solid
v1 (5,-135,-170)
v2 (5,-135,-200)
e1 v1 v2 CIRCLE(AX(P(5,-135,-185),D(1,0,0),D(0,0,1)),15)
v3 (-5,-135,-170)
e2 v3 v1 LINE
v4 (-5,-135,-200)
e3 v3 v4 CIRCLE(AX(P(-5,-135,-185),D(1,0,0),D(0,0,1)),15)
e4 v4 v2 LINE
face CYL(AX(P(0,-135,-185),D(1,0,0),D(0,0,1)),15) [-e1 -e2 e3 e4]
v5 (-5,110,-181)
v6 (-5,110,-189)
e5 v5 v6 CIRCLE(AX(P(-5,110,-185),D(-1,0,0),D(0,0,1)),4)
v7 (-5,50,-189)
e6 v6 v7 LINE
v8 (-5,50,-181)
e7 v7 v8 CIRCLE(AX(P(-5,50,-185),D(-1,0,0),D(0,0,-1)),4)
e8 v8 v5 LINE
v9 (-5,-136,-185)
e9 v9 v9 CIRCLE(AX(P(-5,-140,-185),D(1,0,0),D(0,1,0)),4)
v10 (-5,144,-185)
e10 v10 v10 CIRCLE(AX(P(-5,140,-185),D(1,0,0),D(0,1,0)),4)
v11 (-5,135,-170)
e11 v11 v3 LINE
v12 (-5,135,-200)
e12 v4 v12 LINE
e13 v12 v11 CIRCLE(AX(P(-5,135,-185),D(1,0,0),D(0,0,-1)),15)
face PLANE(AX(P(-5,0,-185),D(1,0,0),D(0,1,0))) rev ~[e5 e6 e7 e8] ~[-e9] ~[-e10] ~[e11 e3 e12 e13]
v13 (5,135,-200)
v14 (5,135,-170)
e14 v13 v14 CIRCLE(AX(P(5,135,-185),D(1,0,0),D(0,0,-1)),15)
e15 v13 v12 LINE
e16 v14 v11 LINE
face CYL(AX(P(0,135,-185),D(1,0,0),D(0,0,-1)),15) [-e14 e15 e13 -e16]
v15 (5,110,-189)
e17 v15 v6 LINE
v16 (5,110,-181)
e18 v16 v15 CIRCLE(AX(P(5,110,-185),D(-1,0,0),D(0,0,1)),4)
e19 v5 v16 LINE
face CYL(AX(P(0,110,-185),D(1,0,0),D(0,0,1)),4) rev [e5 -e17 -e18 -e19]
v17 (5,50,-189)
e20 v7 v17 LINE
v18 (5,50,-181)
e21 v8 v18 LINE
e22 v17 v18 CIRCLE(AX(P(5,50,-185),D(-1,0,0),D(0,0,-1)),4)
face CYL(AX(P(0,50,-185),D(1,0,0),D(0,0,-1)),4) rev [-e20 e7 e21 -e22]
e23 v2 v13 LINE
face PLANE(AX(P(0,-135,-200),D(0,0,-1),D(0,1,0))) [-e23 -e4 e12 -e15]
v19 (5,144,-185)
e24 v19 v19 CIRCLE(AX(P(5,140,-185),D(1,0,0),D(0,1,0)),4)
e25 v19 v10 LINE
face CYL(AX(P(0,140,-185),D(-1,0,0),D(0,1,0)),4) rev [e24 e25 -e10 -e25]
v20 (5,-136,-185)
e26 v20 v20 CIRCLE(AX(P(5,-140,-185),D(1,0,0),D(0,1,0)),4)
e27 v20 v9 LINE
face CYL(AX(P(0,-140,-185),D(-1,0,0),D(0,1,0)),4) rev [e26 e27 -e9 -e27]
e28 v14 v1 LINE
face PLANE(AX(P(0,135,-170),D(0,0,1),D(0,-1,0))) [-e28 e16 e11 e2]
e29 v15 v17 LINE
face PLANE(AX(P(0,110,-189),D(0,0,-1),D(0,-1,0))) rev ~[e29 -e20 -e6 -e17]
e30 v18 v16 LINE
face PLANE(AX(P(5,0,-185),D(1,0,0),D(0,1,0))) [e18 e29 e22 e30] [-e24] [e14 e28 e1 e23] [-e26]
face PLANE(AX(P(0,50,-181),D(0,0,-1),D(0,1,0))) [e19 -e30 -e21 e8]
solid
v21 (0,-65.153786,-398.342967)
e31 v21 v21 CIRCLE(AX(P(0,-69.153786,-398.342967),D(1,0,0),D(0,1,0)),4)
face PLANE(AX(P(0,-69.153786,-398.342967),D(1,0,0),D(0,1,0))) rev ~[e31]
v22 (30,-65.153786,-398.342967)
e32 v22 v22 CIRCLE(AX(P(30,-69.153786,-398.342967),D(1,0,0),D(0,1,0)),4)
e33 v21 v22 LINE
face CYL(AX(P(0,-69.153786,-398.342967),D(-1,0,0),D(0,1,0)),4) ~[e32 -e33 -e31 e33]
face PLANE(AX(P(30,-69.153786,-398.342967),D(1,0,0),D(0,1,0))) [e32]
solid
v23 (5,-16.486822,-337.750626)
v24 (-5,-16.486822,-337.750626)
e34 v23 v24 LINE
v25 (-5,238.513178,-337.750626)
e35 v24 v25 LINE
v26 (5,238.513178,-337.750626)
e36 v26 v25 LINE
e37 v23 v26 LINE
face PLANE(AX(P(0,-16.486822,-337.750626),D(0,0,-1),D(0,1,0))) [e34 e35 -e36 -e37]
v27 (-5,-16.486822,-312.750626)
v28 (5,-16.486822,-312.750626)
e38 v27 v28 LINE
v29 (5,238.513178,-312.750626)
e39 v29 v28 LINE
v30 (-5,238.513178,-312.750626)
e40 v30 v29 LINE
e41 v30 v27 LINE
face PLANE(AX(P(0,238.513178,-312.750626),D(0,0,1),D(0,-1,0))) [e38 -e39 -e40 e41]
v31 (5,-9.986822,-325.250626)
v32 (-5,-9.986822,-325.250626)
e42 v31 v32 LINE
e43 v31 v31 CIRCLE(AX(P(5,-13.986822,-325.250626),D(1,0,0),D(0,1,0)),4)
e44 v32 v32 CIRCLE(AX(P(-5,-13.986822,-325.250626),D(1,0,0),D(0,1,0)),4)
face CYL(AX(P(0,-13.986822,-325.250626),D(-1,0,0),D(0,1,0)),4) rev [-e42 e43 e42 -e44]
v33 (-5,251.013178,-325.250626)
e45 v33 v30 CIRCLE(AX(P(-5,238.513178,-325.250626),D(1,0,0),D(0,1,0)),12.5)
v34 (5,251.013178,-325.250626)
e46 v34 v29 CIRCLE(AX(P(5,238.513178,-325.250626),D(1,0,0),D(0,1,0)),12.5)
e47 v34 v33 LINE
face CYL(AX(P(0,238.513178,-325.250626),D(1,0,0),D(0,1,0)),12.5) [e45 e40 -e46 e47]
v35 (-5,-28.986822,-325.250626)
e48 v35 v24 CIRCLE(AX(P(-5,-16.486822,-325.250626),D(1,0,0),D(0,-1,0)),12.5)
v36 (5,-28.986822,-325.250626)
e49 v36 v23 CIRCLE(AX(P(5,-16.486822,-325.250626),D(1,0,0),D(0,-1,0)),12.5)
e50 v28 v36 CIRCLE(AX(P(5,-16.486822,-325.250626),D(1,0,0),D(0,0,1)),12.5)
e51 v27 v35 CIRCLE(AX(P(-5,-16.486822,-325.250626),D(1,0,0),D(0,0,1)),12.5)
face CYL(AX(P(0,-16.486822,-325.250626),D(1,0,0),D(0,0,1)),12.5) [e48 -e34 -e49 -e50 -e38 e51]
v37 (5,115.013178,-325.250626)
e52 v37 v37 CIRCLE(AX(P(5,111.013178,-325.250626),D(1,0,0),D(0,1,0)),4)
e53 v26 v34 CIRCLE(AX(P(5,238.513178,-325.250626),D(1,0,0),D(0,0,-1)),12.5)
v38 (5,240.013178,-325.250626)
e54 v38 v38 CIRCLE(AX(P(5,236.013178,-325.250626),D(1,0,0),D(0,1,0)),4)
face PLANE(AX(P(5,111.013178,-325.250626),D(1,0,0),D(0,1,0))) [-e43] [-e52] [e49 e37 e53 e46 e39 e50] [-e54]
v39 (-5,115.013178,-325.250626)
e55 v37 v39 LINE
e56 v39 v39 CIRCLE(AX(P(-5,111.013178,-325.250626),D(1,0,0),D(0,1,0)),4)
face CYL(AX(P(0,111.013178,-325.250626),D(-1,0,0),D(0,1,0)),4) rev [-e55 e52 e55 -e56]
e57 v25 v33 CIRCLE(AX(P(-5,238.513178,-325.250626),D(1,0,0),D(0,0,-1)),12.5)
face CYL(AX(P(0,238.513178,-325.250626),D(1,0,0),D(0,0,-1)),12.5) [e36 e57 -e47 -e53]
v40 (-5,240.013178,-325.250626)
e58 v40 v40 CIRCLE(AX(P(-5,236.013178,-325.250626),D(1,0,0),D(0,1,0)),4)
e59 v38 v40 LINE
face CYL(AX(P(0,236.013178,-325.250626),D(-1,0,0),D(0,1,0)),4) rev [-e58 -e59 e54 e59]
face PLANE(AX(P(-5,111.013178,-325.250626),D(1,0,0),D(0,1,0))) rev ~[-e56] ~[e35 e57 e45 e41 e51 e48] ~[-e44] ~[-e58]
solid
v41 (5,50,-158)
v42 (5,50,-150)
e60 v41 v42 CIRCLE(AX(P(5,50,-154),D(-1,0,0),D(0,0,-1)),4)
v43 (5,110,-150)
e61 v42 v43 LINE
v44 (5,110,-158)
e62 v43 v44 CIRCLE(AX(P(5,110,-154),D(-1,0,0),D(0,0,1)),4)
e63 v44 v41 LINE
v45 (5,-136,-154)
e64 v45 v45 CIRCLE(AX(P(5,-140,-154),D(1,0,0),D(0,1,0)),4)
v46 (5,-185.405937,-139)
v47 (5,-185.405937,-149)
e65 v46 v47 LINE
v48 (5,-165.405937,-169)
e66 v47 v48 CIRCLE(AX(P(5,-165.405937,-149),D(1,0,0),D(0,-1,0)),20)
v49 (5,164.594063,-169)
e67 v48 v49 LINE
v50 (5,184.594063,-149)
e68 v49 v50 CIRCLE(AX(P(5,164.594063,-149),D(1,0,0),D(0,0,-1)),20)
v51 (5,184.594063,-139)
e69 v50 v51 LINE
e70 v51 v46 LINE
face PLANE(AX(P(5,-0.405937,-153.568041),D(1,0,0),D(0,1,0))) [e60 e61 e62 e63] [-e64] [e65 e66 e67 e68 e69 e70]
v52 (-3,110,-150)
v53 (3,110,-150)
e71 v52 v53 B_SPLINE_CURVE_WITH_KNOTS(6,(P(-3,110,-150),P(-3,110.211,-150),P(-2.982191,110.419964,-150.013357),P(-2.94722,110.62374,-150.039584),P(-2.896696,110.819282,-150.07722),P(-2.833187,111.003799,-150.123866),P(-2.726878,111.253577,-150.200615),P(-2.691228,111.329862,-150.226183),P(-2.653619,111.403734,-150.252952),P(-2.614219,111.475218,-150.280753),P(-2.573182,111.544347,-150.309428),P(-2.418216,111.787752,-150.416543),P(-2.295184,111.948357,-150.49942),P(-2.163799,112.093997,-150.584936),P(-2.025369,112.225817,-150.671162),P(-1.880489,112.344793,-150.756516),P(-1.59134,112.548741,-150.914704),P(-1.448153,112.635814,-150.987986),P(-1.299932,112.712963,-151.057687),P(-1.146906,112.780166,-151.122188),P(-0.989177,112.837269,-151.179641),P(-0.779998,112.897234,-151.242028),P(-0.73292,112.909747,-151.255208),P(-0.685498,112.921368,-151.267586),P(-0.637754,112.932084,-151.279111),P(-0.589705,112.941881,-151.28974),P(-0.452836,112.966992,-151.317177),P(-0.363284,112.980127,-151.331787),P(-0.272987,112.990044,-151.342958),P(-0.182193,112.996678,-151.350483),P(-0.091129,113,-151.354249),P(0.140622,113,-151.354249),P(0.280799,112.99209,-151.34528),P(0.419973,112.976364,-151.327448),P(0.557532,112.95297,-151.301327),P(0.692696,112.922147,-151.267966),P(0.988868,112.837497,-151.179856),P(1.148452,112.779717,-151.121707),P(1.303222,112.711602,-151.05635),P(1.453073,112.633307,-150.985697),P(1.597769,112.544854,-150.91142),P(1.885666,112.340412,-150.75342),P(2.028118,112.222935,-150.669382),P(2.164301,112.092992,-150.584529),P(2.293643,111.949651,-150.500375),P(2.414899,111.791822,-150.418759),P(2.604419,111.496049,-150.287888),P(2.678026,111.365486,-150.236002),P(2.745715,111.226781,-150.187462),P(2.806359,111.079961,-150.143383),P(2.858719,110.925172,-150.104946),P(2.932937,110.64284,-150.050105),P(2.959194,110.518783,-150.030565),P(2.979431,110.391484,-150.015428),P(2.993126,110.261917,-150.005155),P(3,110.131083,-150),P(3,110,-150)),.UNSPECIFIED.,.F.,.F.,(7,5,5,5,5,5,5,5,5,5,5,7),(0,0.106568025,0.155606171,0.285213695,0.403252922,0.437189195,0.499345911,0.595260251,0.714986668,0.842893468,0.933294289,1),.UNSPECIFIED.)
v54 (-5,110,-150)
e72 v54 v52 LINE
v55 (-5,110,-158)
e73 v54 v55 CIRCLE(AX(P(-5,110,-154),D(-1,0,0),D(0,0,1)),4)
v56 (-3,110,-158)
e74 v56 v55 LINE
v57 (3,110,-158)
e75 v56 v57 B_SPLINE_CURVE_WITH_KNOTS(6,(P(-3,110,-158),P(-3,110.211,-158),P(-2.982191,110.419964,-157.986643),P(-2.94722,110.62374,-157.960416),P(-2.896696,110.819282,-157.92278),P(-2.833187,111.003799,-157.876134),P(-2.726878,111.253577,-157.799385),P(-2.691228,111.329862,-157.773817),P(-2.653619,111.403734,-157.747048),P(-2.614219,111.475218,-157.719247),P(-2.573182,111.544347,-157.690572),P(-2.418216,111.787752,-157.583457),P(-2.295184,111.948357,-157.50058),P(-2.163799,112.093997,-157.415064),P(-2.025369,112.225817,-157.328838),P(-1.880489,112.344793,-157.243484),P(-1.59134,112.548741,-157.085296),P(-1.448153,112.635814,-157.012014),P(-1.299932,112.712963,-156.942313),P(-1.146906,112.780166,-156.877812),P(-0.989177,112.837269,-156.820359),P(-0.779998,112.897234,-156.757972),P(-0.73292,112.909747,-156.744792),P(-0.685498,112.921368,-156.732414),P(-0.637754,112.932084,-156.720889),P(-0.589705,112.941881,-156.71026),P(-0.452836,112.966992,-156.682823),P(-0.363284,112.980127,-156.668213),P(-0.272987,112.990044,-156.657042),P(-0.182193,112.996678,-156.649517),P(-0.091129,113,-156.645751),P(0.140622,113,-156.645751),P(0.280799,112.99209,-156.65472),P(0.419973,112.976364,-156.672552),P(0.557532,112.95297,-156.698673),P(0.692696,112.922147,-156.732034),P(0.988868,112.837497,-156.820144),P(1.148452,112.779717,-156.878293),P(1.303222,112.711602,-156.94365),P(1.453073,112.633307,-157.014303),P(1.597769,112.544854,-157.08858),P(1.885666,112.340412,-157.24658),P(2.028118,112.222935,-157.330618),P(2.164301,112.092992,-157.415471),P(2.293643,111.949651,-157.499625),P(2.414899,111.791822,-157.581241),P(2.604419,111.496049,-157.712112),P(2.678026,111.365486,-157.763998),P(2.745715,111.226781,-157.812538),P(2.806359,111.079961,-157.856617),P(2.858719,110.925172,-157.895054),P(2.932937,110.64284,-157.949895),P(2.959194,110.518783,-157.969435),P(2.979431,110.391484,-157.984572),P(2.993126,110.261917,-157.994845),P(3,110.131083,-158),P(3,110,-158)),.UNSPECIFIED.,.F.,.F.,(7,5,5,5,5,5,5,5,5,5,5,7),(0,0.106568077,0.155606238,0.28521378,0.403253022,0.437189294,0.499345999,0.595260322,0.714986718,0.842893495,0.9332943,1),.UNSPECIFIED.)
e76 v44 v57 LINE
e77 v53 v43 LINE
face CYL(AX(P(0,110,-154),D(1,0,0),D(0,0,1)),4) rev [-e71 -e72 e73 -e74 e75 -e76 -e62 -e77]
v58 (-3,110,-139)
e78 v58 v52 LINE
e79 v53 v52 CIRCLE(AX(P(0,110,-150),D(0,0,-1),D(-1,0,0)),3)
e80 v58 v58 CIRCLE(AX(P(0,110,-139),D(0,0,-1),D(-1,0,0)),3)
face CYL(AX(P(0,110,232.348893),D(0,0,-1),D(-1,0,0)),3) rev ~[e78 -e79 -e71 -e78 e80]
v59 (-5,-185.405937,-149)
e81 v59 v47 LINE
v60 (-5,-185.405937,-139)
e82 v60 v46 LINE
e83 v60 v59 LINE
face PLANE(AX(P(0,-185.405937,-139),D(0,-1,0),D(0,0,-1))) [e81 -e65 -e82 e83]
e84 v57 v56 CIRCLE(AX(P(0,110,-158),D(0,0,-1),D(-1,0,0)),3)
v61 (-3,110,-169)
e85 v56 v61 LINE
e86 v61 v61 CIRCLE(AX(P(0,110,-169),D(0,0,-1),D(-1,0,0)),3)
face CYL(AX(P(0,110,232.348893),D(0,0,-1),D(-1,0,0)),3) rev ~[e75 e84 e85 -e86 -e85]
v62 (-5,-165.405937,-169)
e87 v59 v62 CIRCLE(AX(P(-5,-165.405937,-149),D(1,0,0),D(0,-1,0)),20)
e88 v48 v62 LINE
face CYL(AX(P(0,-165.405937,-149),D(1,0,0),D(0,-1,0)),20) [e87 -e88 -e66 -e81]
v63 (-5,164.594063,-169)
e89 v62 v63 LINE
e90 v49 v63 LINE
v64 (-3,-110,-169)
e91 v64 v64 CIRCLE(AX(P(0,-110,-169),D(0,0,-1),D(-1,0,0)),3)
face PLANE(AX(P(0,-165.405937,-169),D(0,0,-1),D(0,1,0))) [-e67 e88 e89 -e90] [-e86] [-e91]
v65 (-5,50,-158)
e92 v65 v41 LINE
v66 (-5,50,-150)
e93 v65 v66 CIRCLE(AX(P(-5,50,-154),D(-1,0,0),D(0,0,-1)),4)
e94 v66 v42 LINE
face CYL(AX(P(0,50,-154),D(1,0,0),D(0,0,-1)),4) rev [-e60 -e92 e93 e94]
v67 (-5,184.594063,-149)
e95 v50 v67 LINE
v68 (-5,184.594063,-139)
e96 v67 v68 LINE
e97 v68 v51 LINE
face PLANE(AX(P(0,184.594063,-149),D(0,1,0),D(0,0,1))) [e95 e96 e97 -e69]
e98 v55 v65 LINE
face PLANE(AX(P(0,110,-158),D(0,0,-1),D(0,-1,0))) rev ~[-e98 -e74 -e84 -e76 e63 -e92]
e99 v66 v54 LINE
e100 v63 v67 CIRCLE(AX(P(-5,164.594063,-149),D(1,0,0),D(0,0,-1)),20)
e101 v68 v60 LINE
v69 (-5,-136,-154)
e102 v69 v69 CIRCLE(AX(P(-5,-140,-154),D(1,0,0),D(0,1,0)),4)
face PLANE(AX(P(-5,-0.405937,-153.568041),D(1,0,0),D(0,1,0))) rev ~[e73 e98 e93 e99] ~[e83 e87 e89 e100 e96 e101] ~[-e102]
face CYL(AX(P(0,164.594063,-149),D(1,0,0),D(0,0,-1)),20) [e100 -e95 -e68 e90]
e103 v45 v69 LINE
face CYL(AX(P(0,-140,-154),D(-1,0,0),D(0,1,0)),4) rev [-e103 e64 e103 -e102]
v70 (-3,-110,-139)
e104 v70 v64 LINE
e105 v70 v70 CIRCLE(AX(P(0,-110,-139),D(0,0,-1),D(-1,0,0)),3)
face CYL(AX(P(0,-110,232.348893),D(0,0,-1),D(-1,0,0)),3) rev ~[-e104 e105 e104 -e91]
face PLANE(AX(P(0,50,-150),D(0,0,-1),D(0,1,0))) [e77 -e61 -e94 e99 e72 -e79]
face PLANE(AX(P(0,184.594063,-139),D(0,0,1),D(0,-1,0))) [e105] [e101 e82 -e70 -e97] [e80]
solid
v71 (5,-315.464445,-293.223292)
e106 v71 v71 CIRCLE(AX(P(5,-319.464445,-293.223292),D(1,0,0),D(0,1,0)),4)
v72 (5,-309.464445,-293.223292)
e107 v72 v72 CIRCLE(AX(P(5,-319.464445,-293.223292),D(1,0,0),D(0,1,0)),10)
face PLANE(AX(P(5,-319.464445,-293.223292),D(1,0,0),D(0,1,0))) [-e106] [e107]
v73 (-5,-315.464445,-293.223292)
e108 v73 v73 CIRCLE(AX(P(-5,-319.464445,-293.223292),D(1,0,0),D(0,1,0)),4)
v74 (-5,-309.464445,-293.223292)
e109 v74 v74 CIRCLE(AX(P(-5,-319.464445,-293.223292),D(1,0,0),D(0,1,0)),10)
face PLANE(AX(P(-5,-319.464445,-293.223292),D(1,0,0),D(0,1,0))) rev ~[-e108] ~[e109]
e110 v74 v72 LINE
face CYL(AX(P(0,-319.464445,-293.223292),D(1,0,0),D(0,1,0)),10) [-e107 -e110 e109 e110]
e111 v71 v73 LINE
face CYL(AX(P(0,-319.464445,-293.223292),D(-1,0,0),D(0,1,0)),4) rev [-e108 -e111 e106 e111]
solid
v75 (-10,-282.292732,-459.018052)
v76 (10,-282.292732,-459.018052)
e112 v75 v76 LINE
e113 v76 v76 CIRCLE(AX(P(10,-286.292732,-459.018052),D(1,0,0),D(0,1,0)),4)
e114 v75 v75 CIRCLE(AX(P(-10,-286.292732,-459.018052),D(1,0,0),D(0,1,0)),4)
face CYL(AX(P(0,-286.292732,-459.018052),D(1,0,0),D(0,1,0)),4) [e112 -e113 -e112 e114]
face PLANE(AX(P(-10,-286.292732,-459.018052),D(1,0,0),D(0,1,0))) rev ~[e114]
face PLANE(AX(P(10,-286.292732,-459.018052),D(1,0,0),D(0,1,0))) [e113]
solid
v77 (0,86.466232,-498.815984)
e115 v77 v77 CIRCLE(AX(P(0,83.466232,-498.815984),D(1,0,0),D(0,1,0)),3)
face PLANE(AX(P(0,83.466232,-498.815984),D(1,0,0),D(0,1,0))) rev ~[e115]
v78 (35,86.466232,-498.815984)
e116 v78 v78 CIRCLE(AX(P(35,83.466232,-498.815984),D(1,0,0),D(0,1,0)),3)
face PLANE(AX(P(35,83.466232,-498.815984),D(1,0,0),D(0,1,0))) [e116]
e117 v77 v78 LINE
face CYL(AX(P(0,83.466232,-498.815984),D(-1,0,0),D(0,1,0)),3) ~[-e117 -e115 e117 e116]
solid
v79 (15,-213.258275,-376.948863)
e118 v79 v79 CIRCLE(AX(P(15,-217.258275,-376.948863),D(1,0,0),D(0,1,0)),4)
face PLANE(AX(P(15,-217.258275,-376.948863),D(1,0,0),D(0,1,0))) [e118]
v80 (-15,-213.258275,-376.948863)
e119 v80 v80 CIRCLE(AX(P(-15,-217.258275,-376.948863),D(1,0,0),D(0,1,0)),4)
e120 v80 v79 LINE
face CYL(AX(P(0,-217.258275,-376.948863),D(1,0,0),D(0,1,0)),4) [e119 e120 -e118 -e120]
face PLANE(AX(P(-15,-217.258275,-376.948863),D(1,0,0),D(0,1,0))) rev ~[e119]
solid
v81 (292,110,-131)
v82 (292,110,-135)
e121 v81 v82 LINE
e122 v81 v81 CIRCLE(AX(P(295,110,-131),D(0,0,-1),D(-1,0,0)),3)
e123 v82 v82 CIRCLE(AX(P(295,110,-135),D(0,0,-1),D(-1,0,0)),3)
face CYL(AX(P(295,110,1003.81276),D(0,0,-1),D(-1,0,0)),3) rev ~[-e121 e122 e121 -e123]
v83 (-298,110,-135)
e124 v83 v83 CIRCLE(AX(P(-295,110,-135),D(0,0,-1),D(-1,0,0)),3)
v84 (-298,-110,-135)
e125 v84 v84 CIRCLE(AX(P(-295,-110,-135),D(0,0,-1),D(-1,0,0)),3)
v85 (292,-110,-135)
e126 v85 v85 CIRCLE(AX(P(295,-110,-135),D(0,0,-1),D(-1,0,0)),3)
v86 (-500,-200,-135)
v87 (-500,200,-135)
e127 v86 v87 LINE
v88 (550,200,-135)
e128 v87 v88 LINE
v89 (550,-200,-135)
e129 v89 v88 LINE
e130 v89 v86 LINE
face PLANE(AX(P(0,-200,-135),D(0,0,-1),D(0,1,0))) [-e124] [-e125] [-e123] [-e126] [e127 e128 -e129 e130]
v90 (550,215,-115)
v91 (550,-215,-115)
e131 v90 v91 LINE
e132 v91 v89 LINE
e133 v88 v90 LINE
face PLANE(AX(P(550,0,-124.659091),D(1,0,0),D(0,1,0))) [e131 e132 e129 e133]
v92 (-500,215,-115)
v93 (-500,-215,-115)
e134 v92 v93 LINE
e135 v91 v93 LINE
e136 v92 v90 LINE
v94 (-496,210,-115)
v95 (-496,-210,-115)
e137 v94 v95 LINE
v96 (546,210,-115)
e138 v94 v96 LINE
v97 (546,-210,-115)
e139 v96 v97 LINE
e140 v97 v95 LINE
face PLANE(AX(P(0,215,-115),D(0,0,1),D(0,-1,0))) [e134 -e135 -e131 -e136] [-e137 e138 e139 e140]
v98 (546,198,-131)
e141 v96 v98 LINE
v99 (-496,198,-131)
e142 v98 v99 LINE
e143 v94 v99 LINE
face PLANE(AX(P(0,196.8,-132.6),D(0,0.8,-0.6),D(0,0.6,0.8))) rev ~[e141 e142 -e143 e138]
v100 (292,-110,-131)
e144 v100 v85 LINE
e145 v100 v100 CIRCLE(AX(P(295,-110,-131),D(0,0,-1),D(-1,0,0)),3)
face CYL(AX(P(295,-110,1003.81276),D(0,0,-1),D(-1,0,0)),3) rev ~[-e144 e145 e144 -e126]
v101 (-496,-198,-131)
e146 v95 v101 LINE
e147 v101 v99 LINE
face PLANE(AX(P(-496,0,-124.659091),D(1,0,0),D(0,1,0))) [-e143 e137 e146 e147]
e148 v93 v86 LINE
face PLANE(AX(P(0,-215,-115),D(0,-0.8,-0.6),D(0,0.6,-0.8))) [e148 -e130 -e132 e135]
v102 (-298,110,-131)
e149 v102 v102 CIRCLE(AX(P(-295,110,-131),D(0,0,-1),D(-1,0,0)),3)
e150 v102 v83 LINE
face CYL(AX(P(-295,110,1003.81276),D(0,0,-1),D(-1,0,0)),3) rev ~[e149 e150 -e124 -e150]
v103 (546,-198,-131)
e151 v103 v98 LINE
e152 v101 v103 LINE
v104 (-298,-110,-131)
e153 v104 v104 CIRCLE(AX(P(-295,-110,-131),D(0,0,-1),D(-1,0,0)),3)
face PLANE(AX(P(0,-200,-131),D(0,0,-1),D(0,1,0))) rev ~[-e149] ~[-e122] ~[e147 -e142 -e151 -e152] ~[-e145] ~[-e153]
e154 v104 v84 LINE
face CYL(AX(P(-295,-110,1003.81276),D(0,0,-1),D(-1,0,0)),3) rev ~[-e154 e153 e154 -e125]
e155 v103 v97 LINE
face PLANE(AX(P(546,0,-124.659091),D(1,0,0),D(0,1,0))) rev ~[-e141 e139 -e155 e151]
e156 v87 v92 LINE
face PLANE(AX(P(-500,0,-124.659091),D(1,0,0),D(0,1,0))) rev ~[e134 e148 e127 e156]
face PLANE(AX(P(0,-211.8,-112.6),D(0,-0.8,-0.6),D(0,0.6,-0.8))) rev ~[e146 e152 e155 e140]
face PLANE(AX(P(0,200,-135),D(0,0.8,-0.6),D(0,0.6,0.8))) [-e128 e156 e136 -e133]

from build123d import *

# Parameters (mm, degrees)
F0_R           = 4
F1_DEPTH       = 5
F2_R           = 4
F3_DEPTH       = 5
F4_R           = 10
F4_R_2         = 4
F5_DEPTH       = 5
F6_R           = 4
F7_DEPTH       = 10
F8_R           = 4
F9_DEPTH       = 15
F11_DEPTH      = 550
F11_DEPTH_BACK = 500
F12_T          = -4
F14_D          = 6
F16_D          = 6
F17_R          = 3
F18_DEPTH      = 35
F19_R          = 4
F20_DEPTH      = 30


with BuildPart() as f1:
    # F0 (on Right) → F1 (new body, symmetric)
    with BuildSketch(Plane.YZ):
        with BuildLine():
            ThreePointArc((150, -185), (145.6066017178, -174.3933982822), (135, -170))
            Line((135, -170), (-135, -170))
            ThreePointArc((-135, -170), (-145.6066017178, -174.3933982822), (-150, -185))
            ThreePointArc((-150, -185), (-145.6066017178, -195.6066017178), (-135, -200))
            Line((-135, -200), (135, -200))
            ThreePointArc((135, -200), (145.6066017178, -195.6066017178), (150, -185))
        make_face()
        with Locations((-140, -185)):
            Circle(F0_R, mode=Mode.SUBTRACT)
        with BuildLine():
            ThreePointArc((110, -181), (114, -185), (110, -189))
            Line((110, -189), (50, -189))
            ThreePointArc((50, -189), (46, -185), (50, -181))
            Line((50, -181), (110, -181))
        make_face(mode=Mode.SUBTRACT)
        with Locations((140, -185)):
            Circle(F0_R, mode=Mode.SUBTRACT)
    extrude(amount=F1_DEPTH, both=True)


with BuildPart() as f1b:
    # F0 (on Right) → F1, piece 2 (new body, symmetric)
    with BuildSketch(Plane.YZ):
        with BuildLine():
            Line((184.5940625668, -149), (184.5940625668, -139))
            Line((184.5940625668, -139), (-185.4059374332, -139))
            Line((-185.4059374332, -139), (-185.4059374332, -149))
            ThreePointArc((-185.4059374332, -149), (-179.548073057, -163.1421356237), (-165.4059374332, -169))
            Line((-165.4059374332, -169), (164.5940625668, -169))
            ThreePointArc((164.5940625668, -169), (178.7361981905, -163.1421356237), (184.5940625668, -149))
        make_face()
        with Locations((-140, -154)):
            Circle(F0_R, mode=Mode.SUBTRACT)
        with BuildLine():
            Line((110, -158), (50, -158))
            ThreePointArc((50, -158), (46, -154), (50, -150))
            Line((50, -150), (110, -150))
            ThreePointArc((110, -150), (114, -154), (110, -158))
        make_face(mode=Mode.SUBTRACT)
    extrude(amount=F1_DEPTH, both=True)

    # F16 (through all)
    with Locations(Plane.XY.offset(-139)):
        with Locations((0, -110), (0, 110)):
            Hole(F16_D / 2)


with BuildPart() as f3:
    # F2 (on Right) → F3 (new body, symmetric)
    with BuildSketch(Plane.YZ):
        with BuildLine():
            ThreePointArc((251.0131775799, -325.2506256104), (247.3520123447, -316.4117908455), (238.5131775799, -312.7506256104))
            Line((238.5131775799, -312.7506256104), (-16.4868224201, -312.7506256104))
            ThreePointArc((-16.4868224201, -312.7506256104), (-25.325657185, -316.4117908455), (-28.9868224201, -325.2506256104))
            ThreePointArc((-28.9868224201, -325.2506256104), (-25.325657185, -334.0894603752), (-16.4868224201, -337.7506256104))
            Line((-16.4868224201, -337.7506256104), (238.5131775799, -337.7506256104))
            ThreePointArc((238.5131775799, -337.7506256104), (247.3520123447, -334.0894603752), (251.0131775799, -325.2506256104))
        make_face()
        with Locations((-13.9868224201, -325.2506256104)):
            Circle(F2_R, mode=Mode.SUBTRACT)
        with Locations((111.0131775799, -325.2506256104)):
            Circle(F2_R, mode=Mode.SUBTRACT)
        with Locations((236.0131775799, -325.2506256104)):
            Circle(F2_R, mode=Mode.SUBTRACT)
    extrude(amount=F3_DEPTH, both=True)


with BuildPart() as f5:
    # F4 (on face) → F5 (new body, symmetric)
    with BuildSketch(Plane.YZ):
        with Locations((-319.4644451141, -293.2232916355)):
            Circle(F4_R)
        with Locations((-319.4644451141, -293.2232916355)):
            Circle(F4_R_2, mode=Mode.SUBTRACT)
    extrude(amount=F5_DEPTH, both=True)


with BuildPart() as f7:
    # F6 (on face) → F7 (new body, symmetric)
    with BuildSketch(Plane.YZ):
        with Locations((-286.2927317619, -459.0180516243)):
            Circle(F6_R)
    extrude(amount=F7_DEPTH, both=True)


with BuildPart() as f9:
    # F8 (on face) → F9 (new body, symmetric)
    with BuildSketch(Plane.YZ):
        with Locations((-217.2582745552, -376.9488632679)):
            Circle(F8_R)
    extrude(amount=F9_DEPTH, both=True)


with BuildPart() as f11:
    # F10 (on face) → F11 (new body, two sides)
    with BuildSketch(Plane.YZ) as f11_sk:
        Polygon((-200, -135), (200, -135), (215, -115), (-215, -115), align=None)
    extrude(amount=F11_DEPTH)
    extrude(f11_sk.sketch, amount=-F11_DEPTH_BACK)

    # F12
    f12_openings = [f11.faces().sort_by_distance(p)[0] for p in [
        (25, 0, -115),
    ]]
    offset(amount=F12_T, openings=f12_openings)

    # F14 (through all)
    with Locations(Plane.XY.offset(-131)):
        with Locations((-295, 110), (-295, -110), (295, 110), (295, -110)):
            Hole(F14_D / 2)


with BuildPart() as f18:
    # F17 (on face) → F18 (new body)
    with BuildSketch(Plane.YZ):
        with Locations((83.466231823, -498.8159835339)):
            Circle(F17_R)
    extrude(amount=F18_DEPTH)


with BuildPart() as f20:
    # F19 (on face) → F20 (new body)
    with BuildSketch(Plane.YZ):
        with Locations((-69.1537857056, -398.3429670334)):
            Circle(F19_R)
    extrude(amount=F20_DEPTH)


solid = Compound([f1.part, f1b.part, f3.part, f5.part, f7.part, f9.part, f11.part, f18.part, f20.part])
